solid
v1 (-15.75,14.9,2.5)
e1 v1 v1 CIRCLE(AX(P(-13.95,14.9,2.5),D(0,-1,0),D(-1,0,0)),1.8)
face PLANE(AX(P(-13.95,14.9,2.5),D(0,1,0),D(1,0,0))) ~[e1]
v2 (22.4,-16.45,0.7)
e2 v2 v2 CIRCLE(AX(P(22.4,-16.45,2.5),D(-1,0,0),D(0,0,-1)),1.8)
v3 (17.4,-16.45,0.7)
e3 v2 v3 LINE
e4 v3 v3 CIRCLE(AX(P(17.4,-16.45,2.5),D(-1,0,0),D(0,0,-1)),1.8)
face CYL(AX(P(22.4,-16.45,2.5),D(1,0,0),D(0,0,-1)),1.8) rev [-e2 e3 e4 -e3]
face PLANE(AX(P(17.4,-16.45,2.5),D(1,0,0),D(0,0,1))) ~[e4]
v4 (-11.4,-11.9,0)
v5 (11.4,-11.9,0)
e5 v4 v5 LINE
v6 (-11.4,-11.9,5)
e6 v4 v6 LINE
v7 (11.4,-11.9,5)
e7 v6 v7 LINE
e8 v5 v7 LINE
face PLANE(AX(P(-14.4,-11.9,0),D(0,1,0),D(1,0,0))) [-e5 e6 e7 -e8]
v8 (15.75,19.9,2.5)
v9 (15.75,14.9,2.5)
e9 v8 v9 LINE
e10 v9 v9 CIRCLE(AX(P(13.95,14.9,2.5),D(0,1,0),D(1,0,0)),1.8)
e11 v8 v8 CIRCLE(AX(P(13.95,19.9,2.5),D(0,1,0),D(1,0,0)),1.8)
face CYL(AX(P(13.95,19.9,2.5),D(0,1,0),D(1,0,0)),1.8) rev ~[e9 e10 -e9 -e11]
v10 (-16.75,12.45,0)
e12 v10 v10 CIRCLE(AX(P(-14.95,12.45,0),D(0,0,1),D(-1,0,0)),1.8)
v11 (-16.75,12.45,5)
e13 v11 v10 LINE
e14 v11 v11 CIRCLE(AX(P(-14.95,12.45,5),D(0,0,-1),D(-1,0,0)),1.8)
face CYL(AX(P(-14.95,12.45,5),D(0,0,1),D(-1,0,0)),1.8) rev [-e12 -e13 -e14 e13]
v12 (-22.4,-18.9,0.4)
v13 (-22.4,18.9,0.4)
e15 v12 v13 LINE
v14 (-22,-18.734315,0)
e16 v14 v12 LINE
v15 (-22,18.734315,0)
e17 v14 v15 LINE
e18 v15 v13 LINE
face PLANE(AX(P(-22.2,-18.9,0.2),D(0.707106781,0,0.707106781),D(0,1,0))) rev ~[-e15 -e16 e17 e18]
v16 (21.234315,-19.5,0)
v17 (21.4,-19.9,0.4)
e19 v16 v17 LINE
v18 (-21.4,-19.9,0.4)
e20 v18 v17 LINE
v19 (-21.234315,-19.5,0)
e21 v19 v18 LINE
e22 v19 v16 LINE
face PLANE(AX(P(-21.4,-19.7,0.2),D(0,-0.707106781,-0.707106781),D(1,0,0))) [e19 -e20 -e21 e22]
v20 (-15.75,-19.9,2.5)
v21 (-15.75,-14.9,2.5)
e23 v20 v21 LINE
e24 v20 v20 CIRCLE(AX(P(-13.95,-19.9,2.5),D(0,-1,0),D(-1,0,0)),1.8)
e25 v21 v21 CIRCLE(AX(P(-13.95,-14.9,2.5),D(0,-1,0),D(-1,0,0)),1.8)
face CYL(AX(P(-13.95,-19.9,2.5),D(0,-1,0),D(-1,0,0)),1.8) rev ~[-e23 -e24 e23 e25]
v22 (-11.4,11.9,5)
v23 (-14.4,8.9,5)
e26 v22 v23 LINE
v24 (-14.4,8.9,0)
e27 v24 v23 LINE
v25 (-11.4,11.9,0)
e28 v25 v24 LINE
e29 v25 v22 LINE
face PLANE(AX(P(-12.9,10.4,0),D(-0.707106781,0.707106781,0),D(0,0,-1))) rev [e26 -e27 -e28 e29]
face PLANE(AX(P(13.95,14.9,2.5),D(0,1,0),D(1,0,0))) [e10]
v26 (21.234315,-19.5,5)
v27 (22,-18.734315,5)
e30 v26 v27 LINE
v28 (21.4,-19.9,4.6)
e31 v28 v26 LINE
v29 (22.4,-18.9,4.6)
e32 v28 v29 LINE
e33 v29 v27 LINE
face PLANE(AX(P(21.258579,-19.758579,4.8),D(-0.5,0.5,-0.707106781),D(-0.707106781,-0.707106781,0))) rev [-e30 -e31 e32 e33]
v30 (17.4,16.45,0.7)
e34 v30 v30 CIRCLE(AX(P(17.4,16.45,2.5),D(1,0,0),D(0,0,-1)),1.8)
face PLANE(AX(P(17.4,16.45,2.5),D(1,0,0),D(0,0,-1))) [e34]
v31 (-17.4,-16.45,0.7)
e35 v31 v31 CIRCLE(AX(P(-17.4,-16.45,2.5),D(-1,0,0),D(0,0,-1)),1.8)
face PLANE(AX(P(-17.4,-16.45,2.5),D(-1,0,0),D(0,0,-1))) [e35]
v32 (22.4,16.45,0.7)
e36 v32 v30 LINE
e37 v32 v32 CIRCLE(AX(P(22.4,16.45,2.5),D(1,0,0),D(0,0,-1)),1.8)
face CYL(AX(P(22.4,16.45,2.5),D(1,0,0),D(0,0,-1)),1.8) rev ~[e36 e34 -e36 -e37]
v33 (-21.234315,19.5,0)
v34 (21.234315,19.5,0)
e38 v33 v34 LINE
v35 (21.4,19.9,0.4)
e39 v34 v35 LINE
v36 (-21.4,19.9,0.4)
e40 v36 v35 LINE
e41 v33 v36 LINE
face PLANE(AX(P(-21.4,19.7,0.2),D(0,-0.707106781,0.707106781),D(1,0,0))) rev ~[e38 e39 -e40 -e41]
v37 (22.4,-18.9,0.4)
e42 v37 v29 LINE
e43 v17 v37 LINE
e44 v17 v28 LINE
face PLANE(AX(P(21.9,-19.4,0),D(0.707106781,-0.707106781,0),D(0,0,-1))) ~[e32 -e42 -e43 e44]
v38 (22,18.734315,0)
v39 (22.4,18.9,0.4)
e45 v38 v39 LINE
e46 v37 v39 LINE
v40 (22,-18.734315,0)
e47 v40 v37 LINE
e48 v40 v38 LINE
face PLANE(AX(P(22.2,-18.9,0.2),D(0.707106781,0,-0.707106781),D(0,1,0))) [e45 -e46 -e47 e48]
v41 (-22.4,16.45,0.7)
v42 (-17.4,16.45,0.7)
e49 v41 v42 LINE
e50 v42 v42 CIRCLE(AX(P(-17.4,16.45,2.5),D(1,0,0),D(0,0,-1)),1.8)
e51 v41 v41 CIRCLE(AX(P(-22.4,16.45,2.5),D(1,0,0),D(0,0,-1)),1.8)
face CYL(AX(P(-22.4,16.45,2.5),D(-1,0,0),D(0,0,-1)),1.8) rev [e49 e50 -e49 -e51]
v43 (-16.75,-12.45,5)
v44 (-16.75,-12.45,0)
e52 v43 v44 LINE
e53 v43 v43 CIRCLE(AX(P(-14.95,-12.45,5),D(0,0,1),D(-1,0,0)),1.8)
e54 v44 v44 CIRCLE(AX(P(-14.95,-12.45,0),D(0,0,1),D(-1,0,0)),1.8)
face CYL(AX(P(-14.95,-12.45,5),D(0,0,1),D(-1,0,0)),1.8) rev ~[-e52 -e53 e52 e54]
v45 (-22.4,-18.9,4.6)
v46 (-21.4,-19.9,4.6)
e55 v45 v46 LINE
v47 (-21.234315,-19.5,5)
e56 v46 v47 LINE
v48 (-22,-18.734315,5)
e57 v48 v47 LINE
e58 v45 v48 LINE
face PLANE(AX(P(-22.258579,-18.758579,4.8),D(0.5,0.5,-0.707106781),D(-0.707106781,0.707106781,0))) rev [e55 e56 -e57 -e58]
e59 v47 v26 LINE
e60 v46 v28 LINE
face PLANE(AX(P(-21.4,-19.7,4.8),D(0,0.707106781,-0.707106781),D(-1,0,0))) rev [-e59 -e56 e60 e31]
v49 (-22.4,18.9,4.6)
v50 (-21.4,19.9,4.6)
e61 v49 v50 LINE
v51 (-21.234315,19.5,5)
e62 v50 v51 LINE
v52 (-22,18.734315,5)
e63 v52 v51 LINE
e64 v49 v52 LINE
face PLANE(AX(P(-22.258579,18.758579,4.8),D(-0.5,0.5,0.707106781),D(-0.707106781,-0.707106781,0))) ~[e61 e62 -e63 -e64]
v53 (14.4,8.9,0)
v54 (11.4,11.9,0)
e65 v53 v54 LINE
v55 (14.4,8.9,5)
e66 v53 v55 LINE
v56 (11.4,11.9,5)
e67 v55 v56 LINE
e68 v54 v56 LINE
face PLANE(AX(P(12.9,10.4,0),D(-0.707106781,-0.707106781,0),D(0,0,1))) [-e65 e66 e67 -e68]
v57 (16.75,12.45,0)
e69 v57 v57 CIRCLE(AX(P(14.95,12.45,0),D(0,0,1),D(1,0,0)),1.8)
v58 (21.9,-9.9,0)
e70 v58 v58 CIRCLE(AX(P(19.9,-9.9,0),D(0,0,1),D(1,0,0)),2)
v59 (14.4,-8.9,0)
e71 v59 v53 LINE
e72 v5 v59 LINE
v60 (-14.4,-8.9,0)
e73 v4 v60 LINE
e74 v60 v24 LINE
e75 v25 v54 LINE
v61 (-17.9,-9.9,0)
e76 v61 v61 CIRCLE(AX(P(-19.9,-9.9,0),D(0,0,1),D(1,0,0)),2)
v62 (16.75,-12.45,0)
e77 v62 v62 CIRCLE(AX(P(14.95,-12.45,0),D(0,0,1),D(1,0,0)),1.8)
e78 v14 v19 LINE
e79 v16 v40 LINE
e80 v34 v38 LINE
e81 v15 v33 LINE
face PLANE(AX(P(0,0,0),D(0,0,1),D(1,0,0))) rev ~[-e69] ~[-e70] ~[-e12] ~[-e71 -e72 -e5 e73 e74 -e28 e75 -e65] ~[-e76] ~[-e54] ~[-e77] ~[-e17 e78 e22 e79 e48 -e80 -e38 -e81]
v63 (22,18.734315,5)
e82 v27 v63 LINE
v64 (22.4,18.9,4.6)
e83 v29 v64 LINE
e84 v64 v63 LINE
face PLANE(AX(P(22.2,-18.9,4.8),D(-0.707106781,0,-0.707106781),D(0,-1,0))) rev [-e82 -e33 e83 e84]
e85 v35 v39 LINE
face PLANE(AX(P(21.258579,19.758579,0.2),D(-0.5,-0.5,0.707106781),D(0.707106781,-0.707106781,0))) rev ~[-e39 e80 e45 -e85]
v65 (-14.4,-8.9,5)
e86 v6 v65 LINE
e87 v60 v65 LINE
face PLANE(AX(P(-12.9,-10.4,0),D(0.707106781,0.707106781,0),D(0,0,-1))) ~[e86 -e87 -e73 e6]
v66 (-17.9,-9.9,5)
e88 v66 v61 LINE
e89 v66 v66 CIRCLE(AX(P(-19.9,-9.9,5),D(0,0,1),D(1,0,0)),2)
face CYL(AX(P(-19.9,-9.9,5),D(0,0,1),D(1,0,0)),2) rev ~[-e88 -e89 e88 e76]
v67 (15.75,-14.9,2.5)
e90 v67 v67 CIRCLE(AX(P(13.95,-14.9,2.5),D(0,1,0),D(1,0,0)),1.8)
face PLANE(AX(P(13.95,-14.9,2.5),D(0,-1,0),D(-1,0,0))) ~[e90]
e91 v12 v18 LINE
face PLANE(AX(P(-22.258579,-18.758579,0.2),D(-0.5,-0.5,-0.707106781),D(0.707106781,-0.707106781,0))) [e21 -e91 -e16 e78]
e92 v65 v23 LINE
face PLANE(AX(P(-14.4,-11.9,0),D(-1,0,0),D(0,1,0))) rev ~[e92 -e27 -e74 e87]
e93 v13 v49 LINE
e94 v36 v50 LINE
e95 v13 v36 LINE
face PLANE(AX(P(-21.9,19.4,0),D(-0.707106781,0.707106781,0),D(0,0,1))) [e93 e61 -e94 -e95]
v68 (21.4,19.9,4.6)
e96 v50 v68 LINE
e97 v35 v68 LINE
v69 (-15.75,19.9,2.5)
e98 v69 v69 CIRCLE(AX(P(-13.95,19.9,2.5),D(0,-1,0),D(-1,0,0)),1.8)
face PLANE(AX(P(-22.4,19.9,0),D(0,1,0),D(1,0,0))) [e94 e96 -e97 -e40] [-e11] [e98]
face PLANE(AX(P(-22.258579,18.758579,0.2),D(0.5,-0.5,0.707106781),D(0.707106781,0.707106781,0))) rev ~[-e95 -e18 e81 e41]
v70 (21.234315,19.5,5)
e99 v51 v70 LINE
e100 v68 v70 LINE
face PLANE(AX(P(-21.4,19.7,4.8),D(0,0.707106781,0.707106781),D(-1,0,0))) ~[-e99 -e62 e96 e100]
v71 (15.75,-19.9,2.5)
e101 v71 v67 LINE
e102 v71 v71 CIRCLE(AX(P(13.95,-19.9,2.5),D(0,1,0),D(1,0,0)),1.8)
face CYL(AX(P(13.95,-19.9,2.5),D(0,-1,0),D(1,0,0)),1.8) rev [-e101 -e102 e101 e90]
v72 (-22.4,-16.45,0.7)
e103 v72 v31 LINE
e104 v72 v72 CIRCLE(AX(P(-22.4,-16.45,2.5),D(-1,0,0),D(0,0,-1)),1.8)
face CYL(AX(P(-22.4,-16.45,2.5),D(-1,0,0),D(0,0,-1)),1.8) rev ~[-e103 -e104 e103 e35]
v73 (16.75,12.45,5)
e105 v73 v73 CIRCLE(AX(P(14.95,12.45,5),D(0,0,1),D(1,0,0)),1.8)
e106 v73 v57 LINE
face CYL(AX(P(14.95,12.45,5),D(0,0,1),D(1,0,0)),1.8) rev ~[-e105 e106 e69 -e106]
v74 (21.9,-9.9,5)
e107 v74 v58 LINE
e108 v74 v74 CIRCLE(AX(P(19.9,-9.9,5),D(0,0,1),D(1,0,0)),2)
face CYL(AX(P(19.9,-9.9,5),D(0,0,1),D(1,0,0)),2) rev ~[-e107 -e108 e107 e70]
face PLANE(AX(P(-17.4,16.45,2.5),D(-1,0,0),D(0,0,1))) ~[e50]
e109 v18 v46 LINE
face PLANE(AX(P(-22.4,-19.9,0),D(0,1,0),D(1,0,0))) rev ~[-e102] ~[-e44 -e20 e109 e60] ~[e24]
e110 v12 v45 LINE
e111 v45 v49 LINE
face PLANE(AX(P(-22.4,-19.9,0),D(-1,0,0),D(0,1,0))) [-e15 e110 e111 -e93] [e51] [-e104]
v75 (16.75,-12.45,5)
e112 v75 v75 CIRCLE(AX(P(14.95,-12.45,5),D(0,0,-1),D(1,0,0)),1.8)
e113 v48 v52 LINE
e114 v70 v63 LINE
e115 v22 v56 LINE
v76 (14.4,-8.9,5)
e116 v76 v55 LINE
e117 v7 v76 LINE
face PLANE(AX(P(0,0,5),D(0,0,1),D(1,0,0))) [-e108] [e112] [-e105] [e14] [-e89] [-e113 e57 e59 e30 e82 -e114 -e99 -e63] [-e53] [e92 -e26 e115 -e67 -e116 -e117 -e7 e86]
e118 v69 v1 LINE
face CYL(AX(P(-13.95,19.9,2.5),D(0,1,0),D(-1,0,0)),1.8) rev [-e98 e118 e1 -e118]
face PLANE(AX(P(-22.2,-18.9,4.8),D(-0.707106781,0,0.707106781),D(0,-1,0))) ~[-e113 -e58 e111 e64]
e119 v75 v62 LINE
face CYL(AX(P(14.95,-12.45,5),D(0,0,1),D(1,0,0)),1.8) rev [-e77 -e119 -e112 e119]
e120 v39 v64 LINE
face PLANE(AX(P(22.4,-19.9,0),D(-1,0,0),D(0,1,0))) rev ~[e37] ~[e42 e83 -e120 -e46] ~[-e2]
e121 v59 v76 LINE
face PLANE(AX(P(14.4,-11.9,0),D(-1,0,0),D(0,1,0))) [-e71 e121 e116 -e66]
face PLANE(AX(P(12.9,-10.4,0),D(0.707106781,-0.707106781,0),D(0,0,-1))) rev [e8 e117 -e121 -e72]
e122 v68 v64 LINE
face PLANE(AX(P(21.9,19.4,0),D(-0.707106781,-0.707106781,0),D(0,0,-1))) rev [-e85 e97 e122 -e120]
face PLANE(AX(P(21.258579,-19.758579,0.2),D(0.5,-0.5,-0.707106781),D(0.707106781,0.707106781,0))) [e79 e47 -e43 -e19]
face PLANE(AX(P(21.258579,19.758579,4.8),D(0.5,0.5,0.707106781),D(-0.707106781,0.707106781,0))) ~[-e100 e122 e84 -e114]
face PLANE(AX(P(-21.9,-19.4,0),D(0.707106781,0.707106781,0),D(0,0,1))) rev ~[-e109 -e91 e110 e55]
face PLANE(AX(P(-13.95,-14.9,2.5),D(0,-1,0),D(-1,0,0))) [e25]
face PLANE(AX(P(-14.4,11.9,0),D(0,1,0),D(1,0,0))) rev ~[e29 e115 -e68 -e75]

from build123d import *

# Parameters (mm, degrees)
SKETCH2_W               = 44.8
SKETCH2_H               = 39.8
SKETCH2_W_2             = 28.8
SKETCH2_H_2             = 23.8
BOSS_EXTRUDE1_DEPTH     = 5
CHAMFER1_SIZE           = 1
CHAMFER2_SIZE           = 3
SKETCH3_R               = 1.8
CUT_EXTRUDE1_DEPTH      = 6
SKETCH4_R               = 1.8
CUT_EXTRUDE2_DEPTH      = 5
SKETCH5_R               = 1.8
CUT_EXTRUDE3_DEPTH      = 5
MIRROR2_COPY_1_SKETCH_R = 1.8
MIRROR2_COPY_1_DEPTH    = 6
MIRROR2_COPY_2_SKETCH_R = 1.8
MIRROR2_COPY_2_DEPTH    = 5
MIRROR2_COPY_3_SKETCH_R = 1.8
MIRROR2_COPY_3_DEPTH    = 5
SKETCH6_R               = 2
CUT_EXTRUDE4_DEPTH      = 6
CHAMFER3_SIZE           = 0.4


with BuildPart() as part:
    # Sketch2 → Boss-Extrude1 (new body)
    with BuildSketch(Plane.XY):
        Rectangle(SKETCH2_W, SKETCH2_H)
        Rectangle(SKETCH2_W_2, SKETCH2_H_2, mode=Mode.SUBTRACT)
    extrude(amount=BOSS_EXTRUDE1_DEPTH)

    # Chamfer1
    chamfer1_edges = [part.edges().sort_by_distance(p)[0] for p in [
        (-22.4, 19.9, 2.5),
        (22.4, 19.9, 2.5),
        (22.4, -19.9, 2.5),
        (-22.4, -19.9, 2.5),
    ]]
    chamfer(chamfer1_edges, length=CHAMFER1_SIZE)

    # Chamfer2
    chamfer2_edges = [part.edges().sort_by_distance(p)[0] for p in [
        (-14.4, 11.9, 2.5),
        (-14.4, -11.9, 2.5),
        (14.4, -11.9, 2.5),
        (14.4, 11.9, 2.5),
    ]]
    chamfer(chamfer2_edges, length=CHAMFER2_SIZE)

    # Sketch3 → Cut-Extrude1 (cut, through all)
    with BuildSketch(Plane.XY.offset(5)):
        with Locations((14.95, 12.45)):
            Circle(SKETCH3_R)
    cut_extrude1 = extrude(amount=-CUT_EXTRUDE1_DEPTH, mode=Mode.SUBTRACT)

    # Sketch4 → Cut-Extrude2 (cut)
    with BuildSketch(Plane(origin=(0, 19.9, 0), x_dir=(1, 0, 0), z_dir=(0, 1, 0))):
        with Locations((13.95, -2.5)):
            Circle(SKETCH4_R)
    cut_extrude2 = extrude(amount=-CUT_EXTRUDE2_DEPTH, mode=Mode.SUBTRACT)

    # Sketch5 → Cut-Extrude3 (cut)
    with BuildSketch(Plane(origin=(22.4, 0, 0), x_dir=(0, 0, -1), z_dir=(1, 0, 0))):
        with Locations((-2.5, 16.45)):
            Circle(SKETCH5_R)
    cut_extrude3 = extrude(amount=-CUT_EXTRUDE3_DEPTH, mode=Mode.SUBTRACT)

    # Mirror1: Cut-Extrude1, Cut-Extrude2, Cut-Extrude3 across plane
    add(cut_extrude1.mirror(Plane.ZX), mode=Mode.SUBTRACT)
    add(cut_extrude2.mirror(Plane.ZX), mode=Mode.SUBTRACT)
    add(cut_extrude3.mirror(Plane.ZX), mode=Mode.SUBTRACT)

    # Mirror2: Cut-Extrude1, Cut-Extrude2, Cut-Extrude3 across plane
    add(cut_extrude1.mirror(Plane(origin=(0, 0, 0), x_dir=(0, 0, 1), z_dir=(1, 0, 0))), mode=Mode.SUBTRACT)
    add(cut_extrude2.mirror(Plane(origin=(0, 0, 0), x_dir=(0, 0, 1), z_dir=(1, 0, 0))), mode=Mode.SUBTRACT)
    add(cut_extrude3.mirror(Plane(origin=(0, 0, 0), x_dir=(0, 0, 1), z_dir=(1, 0, 0))), mode=Mode.SUBTRACT)

    # Mirror2 copy 1 sketch → Mirror2 copy 1 (cut, through all)
    with BuildSketch(Plane(origin=(0, 0, 5), x_dir=(-1, 0, 0), z_dir=(0, 0, 1))):
        with Locations((14.95, 12.45)):
            Circle(MIRROR2_COPY_1_SKETCH_R)
    extrude(amount=-MIRROR2_COPY_1_DEPTH, mode=Mode.SUBTRACT)

    # Mirror2 copy 2 sketch → Mirror2 copy 2 (cut)
    with BuildSketch(Plane(origin=(0, -19.9, 0), x_dir=(-1, 0, 0), z_dir=(0, -1, 0))):
        with Locations((13.95, -2.5)):
            Circle(MIRROR2_COPY_2_SKETCH_R)
    extrude(amount=-MIRROR2_COPY_2_DEPTH, mode=Mode.SUBTRACT)

    # Mirror2 copy 3 sketch → Mirror2 copy 3 (cut)
    with BuildSketch(Plane(origin=(-22.4, 0, 0), x_dir=(0, 0, -1), z_dir=(-1, 0, 0))):
        with Locations((-2.5, 16.45)):
            Circle(MIRROR2_COPY_3_SKETCH_R)
    extrude(amount=-MIRROR2_COPY_3_DEPTH, mode=Mode.SUBTRACT)

    # Sketch6 → Cut-Extrude4 (cut, through all)
    with BuildSketch(Plane.XY.offset(5)):
        with Locations((19.9, -9.9)):
            Circle(SKETCH6_R)
        with Locations((-19.9, -9.9)):
            Circle(SKETCH6_R)
    extrude(amount=-CUT_EXTRUDE4_DEPTH, mode=Mode.SUBTRACT)

    # Chamfer3
    chamfer3_edges = [part.edges().sort_by_distance(p)[0] for p in [
        (0, -19.9, 0),
        (0, -19.9, 5),
        (-22.4, 0, 0),
        (0, 19.9, 0),
        (22.4, 0, 0),
        (-21.9, 19.4, 0),
        (21.9, 19.4, 0),
        (21.9, -19.4, 0),
        (-21.9, -19.4, 0),
        (-22.4, 0, 5),
        (22.4, 0, 5),
        (0, 19.9, 5),
        (-21.9, 19.4, 5),
        (21.9, 19.4, 5),
        (21.9, -19.4, 5),
        (-21.9, -19.4, 5),
    ]]
    chamfer(chamfer3_edges, length=CHAMFER3_SIZE)


solid = part.part
